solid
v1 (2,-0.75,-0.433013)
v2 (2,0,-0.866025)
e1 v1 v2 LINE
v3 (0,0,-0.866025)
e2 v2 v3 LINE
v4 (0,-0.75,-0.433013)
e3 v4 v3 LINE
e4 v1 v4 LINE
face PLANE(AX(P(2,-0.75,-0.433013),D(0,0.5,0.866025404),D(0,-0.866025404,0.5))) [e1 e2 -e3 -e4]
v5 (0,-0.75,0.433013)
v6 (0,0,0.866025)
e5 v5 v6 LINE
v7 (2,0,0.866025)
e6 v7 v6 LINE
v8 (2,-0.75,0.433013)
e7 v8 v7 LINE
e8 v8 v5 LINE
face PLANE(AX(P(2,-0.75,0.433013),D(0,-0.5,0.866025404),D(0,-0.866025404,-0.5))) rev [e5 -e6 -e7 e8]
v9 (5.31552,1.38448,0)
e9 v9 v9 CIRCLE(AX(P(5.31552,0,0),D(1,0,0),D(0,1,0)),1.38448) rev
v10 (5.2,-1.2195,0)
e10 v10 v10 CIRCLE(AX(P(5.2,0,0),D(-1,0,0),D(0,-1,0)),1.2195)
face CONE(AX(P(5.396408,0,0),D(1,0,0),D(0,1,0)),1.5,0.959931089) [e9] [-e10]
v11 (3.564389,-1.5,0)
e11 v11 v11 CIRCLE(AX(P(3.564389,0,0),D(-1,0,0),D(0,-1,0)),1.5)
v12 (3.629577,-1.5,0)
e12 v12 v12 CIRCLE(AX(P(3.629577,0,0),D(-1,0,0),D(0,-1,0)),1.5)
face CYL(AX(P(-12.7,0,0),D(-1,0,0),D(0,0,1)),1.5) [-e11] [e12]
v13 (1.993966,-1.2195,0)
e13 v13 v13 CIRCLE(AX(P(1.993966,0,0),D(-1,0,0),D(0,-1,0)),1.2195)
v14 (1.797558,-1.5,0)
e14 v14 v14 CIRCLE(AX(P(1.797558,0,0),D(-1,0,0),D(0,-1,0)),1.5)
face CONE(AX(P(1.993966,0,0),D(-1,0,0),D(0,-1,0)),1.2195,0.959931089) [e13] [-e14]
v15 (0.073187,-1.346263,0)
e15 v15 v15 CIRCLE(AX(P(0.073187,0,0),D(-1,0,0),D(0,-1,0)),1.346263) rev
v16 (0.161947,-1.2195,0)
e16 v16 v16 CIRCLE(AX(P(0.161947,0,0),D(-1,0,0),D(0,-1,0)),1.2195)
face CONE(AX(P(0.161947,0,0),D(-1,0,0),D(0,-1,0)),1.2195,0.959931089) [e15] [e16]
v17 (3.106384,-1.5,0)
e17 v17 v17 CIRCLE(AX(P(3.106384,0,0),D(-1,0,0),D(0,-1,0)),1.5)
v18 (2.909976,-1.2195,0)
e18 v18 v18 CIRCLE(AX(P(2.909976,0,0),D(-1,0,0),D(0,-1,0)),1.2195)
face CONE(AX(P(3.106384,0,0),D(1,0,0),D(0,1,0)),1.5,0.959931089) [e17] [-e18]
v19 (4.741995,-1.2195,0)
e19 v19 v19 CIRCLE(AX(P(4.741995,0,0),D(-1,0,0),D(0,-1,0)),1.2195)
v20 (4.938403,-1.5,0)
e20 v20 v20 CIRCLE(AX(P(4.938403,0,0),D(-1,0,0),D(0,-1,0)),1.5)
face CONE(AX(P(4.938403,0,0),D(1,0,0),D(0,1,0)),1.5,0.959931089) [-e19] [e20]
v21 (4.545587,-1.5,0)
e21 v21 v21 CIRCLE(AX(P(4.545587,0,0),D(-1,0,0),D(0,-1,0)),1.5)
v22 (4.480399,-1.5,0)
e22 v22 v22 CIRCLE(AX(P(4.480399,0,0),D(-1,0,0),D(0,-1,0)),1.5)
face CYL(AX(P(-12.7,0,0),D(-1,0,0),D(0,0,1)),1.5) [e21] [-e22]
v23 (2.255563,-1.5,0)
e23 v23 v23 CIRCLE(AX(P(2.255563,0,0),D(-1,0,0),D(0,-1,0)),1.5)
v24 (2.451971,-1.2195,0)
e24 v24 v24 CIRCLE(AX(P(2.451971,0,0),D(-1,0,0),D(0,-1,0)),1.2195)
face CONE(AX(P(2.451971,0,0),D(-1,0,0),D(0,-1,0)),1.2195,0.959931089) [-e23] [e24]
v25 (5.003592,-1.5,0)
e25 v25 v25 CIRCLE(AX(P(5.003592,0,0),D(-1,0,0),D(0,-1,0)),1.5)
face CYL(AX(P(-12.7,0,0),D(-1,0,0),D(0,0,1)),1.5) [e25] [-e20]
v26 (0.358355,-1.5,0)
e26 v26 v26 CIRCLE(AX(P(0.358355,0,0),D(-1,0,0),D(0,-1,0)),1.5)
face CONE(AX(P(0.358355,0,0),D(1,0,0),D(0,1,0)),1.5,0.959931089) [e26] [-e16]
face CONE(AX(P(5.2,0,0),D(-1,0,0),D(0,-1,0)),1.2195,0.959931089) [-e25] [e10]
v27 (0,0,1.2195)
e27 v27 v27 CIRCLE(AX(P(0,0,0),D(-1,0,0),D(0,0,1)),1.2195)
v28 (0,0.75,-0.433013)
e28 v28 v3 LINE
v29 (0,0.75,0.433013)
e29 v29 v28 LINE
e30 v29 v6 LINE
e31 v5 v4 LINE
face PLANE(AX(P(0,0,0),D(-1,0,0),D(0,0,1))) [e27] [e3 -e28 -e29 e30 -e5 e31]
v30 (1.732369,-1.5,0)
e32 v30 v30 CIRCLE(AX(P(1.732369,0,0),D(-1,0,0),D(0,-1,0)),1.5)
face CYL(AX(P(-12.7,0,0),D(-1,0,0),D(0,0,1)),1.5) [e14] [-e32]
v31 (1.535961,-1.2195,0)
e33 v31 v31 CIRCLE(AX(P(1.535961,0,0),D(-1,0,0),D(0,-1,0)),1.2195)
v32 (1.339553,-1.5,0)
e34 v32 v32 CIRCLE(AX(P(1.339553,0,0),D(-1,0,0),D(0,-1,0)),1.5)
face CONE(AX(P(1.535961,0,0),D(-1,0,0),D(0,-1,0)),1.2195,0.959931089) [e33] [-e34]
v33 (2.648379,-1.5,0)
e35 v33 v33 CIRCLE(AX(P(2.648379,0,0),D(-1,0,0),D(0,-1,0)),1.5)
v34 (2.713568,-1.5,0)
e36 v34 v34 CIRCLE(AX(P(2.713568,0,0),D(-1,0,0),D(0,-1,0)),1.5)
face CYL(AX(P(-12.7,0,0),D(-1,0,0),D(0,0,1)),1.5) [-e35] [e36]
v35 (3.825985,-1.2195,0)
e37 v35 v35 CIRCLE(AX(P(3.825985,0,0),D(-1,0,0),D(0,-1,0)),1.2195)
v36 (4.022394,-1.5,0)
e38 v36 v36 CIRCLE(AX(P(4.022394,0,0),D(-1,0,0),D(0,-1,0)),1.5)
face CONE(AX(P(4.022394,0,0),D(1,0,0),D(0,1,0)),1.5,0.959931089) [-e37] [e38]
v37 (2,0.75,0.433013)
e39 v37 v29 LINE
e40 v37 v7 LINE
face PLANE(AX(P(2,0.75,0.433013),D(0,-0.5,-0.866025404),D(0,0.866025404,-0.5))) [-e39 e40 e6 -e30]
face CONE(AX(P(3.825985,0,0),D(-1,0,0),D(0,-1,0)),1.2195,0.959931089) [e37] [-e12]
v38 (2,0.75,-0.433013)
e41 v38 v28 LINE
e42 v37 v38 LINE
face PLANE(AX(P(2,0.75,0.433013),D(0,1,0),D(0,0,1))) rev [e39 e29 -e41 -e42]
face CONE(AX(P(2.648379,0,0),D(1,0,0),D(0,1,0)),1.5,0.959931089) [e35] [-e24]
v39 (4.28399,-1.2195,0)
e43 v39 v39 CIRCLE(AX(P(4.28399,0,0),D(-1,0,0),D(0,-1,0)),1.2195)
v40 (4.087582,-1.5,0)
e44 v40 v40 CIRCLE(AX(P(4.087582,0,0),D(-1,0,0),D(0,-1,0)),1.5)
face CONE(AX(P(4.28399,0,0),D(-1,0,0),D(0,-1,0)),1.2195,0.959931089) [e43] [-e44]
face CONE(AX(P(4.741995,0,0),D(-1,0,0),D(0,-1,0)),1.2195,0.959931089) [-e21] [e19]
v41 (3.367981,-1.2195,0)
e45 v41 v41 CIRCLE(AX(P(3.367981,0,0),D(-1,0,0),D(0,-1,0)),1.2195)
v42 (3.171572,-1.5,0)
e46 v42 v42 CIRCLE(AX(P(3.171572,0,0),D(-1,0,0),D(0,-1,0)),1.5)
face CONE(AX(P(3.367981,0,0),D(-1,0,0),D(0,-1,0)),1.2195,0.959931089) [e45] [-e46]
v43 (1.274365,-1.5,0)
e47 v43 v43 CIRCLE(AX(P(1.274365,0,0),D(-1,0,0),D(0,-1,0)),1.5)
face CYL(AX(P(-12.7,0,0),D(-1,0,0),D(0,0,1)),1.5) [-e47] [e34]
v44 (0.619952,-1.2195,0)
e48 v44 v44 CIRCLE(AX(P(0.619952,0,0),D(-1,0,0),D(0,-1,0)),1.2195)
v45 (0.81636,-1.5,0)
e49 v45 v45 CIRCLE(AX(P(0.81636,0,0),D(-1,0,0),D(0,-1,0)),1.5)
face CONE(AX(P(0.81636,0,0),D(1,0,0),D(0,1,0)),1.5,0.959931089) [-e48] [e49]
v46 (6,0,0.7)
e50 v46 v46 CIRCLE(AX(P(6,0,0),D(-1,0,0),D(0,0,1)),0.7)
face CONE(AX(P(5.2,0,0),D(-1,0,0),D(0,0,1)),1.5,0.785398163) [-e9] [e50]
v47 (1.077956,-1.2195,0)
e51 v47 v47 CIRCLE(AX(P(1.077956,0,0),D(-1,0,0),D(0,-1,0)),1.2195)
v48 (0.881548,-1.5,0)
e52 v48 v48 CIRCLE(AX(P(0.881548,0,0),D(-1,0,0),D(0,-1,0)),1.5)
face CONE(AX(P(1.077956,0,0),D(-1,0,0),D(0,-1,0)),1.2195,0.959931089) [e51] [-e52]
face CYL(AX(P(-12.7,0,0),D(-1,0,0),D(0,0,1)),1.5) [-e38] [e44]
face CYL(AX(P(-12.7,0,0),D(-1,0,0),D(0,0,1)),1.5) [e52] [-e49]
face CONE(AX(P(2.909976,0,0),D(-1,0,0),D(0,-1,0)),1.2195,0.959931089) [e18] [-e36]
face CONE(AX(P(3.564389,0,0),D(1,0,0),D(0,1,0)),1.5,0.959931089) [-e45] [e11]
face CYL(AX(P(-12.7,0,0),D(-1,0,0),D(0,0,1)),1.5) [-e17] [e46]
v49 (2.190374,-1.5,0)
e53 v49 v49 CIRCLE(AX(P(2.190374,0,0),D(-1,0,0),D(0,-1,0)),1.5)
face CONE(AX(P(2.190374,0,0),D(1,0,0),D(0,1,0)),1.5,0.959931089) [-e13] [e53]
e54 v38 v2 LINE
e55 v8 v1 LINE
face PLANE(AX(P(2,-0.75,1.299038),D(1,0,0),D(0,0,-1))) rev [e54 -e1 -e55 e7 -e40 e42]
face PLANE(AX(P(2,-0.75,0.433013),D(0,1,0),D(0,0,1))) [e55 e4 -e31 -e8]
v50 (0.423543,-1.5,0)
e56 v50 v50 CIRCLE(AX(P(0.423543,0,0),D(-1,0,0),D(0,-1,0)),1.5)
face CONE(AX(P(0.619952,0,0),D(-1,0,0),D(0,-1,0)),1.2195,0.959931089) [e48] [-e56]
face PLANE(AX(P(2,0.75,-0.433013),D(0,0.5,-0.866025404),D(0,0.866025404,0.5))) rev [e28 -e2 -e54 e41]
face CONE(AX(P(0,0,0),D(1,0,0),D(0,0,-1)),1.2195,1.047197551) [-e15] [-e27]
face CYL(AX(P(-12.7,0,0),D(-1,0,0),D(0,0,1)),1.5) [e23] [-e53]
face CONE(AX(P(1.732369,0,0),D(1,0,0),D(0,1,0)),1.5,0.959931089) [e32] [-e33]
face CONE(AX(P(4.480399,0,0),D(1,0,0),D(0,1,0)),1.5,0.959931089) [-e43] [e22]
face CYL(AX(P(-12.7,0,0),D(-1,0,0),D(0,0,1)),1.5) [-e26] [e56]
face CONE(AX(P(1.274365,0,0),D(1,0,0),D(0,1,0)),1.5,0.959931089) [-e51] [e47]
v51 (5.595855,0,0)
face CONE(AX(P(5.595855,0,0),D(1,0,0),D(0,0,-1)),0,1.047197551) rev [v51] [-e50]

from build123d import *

# Parameters (mm, degrees)
HEX_2_DEPTH     = 2
THDSCHPAT_COUNT = 12
THDSCHPAT_PITCH = 0.458004843


with BuildPart() as part:
    # BodySke → BaseBody (revolve)
    with BuildSketch(Plane.XY):
        Polygon((0, 0), (0, 1.2195), (0.161946751, 1.5), (5.2, 1.5), (6, 0.7), (5.595854812, 0), align=None)
    revolve(axis=Axis((-12.7, 0, 0), (1, 0, 0)))

    # Sketch2 → Hex 2 (cut)
    with BuildSketch(Plane.ZY):
        Polygon((0.433012702, 0.75), (-0.433012702, 0.75), (-0.866025404, 0), (-0.433012702, -0.75), (0.433012702, -0.75), (0.866025404, 0), align=None)
    extrude(amount=-HEX_2_DEPTH, mode=Mode.SUBTRACT)

    # ThdSchSke → ThreadSchematic (revolve, cut)
    with BuildSketch(Plane.XY):
        Polygon((0.161946751, -1.2195), (-0.034461464, -1.5), (-0.034461464, -1.875), (0.358354965, -1.875), (0.358354965, -1.5), align=None)
    threadschematic = revolve(axis=Axis((-3.175, 0, 0), (1, 0, 0)), mode=Mode.SUBTRACT)

    # ThdSchPat: ThreadSchematic ×12
    with Locations(*[(i * THDSCHPAT_PITCH, 0, 0) for i in range(1, THDSCHPAT_COUNT)]):
        add(threadschematic, mode=Mode.SUBTRACT)


solid = part.part
